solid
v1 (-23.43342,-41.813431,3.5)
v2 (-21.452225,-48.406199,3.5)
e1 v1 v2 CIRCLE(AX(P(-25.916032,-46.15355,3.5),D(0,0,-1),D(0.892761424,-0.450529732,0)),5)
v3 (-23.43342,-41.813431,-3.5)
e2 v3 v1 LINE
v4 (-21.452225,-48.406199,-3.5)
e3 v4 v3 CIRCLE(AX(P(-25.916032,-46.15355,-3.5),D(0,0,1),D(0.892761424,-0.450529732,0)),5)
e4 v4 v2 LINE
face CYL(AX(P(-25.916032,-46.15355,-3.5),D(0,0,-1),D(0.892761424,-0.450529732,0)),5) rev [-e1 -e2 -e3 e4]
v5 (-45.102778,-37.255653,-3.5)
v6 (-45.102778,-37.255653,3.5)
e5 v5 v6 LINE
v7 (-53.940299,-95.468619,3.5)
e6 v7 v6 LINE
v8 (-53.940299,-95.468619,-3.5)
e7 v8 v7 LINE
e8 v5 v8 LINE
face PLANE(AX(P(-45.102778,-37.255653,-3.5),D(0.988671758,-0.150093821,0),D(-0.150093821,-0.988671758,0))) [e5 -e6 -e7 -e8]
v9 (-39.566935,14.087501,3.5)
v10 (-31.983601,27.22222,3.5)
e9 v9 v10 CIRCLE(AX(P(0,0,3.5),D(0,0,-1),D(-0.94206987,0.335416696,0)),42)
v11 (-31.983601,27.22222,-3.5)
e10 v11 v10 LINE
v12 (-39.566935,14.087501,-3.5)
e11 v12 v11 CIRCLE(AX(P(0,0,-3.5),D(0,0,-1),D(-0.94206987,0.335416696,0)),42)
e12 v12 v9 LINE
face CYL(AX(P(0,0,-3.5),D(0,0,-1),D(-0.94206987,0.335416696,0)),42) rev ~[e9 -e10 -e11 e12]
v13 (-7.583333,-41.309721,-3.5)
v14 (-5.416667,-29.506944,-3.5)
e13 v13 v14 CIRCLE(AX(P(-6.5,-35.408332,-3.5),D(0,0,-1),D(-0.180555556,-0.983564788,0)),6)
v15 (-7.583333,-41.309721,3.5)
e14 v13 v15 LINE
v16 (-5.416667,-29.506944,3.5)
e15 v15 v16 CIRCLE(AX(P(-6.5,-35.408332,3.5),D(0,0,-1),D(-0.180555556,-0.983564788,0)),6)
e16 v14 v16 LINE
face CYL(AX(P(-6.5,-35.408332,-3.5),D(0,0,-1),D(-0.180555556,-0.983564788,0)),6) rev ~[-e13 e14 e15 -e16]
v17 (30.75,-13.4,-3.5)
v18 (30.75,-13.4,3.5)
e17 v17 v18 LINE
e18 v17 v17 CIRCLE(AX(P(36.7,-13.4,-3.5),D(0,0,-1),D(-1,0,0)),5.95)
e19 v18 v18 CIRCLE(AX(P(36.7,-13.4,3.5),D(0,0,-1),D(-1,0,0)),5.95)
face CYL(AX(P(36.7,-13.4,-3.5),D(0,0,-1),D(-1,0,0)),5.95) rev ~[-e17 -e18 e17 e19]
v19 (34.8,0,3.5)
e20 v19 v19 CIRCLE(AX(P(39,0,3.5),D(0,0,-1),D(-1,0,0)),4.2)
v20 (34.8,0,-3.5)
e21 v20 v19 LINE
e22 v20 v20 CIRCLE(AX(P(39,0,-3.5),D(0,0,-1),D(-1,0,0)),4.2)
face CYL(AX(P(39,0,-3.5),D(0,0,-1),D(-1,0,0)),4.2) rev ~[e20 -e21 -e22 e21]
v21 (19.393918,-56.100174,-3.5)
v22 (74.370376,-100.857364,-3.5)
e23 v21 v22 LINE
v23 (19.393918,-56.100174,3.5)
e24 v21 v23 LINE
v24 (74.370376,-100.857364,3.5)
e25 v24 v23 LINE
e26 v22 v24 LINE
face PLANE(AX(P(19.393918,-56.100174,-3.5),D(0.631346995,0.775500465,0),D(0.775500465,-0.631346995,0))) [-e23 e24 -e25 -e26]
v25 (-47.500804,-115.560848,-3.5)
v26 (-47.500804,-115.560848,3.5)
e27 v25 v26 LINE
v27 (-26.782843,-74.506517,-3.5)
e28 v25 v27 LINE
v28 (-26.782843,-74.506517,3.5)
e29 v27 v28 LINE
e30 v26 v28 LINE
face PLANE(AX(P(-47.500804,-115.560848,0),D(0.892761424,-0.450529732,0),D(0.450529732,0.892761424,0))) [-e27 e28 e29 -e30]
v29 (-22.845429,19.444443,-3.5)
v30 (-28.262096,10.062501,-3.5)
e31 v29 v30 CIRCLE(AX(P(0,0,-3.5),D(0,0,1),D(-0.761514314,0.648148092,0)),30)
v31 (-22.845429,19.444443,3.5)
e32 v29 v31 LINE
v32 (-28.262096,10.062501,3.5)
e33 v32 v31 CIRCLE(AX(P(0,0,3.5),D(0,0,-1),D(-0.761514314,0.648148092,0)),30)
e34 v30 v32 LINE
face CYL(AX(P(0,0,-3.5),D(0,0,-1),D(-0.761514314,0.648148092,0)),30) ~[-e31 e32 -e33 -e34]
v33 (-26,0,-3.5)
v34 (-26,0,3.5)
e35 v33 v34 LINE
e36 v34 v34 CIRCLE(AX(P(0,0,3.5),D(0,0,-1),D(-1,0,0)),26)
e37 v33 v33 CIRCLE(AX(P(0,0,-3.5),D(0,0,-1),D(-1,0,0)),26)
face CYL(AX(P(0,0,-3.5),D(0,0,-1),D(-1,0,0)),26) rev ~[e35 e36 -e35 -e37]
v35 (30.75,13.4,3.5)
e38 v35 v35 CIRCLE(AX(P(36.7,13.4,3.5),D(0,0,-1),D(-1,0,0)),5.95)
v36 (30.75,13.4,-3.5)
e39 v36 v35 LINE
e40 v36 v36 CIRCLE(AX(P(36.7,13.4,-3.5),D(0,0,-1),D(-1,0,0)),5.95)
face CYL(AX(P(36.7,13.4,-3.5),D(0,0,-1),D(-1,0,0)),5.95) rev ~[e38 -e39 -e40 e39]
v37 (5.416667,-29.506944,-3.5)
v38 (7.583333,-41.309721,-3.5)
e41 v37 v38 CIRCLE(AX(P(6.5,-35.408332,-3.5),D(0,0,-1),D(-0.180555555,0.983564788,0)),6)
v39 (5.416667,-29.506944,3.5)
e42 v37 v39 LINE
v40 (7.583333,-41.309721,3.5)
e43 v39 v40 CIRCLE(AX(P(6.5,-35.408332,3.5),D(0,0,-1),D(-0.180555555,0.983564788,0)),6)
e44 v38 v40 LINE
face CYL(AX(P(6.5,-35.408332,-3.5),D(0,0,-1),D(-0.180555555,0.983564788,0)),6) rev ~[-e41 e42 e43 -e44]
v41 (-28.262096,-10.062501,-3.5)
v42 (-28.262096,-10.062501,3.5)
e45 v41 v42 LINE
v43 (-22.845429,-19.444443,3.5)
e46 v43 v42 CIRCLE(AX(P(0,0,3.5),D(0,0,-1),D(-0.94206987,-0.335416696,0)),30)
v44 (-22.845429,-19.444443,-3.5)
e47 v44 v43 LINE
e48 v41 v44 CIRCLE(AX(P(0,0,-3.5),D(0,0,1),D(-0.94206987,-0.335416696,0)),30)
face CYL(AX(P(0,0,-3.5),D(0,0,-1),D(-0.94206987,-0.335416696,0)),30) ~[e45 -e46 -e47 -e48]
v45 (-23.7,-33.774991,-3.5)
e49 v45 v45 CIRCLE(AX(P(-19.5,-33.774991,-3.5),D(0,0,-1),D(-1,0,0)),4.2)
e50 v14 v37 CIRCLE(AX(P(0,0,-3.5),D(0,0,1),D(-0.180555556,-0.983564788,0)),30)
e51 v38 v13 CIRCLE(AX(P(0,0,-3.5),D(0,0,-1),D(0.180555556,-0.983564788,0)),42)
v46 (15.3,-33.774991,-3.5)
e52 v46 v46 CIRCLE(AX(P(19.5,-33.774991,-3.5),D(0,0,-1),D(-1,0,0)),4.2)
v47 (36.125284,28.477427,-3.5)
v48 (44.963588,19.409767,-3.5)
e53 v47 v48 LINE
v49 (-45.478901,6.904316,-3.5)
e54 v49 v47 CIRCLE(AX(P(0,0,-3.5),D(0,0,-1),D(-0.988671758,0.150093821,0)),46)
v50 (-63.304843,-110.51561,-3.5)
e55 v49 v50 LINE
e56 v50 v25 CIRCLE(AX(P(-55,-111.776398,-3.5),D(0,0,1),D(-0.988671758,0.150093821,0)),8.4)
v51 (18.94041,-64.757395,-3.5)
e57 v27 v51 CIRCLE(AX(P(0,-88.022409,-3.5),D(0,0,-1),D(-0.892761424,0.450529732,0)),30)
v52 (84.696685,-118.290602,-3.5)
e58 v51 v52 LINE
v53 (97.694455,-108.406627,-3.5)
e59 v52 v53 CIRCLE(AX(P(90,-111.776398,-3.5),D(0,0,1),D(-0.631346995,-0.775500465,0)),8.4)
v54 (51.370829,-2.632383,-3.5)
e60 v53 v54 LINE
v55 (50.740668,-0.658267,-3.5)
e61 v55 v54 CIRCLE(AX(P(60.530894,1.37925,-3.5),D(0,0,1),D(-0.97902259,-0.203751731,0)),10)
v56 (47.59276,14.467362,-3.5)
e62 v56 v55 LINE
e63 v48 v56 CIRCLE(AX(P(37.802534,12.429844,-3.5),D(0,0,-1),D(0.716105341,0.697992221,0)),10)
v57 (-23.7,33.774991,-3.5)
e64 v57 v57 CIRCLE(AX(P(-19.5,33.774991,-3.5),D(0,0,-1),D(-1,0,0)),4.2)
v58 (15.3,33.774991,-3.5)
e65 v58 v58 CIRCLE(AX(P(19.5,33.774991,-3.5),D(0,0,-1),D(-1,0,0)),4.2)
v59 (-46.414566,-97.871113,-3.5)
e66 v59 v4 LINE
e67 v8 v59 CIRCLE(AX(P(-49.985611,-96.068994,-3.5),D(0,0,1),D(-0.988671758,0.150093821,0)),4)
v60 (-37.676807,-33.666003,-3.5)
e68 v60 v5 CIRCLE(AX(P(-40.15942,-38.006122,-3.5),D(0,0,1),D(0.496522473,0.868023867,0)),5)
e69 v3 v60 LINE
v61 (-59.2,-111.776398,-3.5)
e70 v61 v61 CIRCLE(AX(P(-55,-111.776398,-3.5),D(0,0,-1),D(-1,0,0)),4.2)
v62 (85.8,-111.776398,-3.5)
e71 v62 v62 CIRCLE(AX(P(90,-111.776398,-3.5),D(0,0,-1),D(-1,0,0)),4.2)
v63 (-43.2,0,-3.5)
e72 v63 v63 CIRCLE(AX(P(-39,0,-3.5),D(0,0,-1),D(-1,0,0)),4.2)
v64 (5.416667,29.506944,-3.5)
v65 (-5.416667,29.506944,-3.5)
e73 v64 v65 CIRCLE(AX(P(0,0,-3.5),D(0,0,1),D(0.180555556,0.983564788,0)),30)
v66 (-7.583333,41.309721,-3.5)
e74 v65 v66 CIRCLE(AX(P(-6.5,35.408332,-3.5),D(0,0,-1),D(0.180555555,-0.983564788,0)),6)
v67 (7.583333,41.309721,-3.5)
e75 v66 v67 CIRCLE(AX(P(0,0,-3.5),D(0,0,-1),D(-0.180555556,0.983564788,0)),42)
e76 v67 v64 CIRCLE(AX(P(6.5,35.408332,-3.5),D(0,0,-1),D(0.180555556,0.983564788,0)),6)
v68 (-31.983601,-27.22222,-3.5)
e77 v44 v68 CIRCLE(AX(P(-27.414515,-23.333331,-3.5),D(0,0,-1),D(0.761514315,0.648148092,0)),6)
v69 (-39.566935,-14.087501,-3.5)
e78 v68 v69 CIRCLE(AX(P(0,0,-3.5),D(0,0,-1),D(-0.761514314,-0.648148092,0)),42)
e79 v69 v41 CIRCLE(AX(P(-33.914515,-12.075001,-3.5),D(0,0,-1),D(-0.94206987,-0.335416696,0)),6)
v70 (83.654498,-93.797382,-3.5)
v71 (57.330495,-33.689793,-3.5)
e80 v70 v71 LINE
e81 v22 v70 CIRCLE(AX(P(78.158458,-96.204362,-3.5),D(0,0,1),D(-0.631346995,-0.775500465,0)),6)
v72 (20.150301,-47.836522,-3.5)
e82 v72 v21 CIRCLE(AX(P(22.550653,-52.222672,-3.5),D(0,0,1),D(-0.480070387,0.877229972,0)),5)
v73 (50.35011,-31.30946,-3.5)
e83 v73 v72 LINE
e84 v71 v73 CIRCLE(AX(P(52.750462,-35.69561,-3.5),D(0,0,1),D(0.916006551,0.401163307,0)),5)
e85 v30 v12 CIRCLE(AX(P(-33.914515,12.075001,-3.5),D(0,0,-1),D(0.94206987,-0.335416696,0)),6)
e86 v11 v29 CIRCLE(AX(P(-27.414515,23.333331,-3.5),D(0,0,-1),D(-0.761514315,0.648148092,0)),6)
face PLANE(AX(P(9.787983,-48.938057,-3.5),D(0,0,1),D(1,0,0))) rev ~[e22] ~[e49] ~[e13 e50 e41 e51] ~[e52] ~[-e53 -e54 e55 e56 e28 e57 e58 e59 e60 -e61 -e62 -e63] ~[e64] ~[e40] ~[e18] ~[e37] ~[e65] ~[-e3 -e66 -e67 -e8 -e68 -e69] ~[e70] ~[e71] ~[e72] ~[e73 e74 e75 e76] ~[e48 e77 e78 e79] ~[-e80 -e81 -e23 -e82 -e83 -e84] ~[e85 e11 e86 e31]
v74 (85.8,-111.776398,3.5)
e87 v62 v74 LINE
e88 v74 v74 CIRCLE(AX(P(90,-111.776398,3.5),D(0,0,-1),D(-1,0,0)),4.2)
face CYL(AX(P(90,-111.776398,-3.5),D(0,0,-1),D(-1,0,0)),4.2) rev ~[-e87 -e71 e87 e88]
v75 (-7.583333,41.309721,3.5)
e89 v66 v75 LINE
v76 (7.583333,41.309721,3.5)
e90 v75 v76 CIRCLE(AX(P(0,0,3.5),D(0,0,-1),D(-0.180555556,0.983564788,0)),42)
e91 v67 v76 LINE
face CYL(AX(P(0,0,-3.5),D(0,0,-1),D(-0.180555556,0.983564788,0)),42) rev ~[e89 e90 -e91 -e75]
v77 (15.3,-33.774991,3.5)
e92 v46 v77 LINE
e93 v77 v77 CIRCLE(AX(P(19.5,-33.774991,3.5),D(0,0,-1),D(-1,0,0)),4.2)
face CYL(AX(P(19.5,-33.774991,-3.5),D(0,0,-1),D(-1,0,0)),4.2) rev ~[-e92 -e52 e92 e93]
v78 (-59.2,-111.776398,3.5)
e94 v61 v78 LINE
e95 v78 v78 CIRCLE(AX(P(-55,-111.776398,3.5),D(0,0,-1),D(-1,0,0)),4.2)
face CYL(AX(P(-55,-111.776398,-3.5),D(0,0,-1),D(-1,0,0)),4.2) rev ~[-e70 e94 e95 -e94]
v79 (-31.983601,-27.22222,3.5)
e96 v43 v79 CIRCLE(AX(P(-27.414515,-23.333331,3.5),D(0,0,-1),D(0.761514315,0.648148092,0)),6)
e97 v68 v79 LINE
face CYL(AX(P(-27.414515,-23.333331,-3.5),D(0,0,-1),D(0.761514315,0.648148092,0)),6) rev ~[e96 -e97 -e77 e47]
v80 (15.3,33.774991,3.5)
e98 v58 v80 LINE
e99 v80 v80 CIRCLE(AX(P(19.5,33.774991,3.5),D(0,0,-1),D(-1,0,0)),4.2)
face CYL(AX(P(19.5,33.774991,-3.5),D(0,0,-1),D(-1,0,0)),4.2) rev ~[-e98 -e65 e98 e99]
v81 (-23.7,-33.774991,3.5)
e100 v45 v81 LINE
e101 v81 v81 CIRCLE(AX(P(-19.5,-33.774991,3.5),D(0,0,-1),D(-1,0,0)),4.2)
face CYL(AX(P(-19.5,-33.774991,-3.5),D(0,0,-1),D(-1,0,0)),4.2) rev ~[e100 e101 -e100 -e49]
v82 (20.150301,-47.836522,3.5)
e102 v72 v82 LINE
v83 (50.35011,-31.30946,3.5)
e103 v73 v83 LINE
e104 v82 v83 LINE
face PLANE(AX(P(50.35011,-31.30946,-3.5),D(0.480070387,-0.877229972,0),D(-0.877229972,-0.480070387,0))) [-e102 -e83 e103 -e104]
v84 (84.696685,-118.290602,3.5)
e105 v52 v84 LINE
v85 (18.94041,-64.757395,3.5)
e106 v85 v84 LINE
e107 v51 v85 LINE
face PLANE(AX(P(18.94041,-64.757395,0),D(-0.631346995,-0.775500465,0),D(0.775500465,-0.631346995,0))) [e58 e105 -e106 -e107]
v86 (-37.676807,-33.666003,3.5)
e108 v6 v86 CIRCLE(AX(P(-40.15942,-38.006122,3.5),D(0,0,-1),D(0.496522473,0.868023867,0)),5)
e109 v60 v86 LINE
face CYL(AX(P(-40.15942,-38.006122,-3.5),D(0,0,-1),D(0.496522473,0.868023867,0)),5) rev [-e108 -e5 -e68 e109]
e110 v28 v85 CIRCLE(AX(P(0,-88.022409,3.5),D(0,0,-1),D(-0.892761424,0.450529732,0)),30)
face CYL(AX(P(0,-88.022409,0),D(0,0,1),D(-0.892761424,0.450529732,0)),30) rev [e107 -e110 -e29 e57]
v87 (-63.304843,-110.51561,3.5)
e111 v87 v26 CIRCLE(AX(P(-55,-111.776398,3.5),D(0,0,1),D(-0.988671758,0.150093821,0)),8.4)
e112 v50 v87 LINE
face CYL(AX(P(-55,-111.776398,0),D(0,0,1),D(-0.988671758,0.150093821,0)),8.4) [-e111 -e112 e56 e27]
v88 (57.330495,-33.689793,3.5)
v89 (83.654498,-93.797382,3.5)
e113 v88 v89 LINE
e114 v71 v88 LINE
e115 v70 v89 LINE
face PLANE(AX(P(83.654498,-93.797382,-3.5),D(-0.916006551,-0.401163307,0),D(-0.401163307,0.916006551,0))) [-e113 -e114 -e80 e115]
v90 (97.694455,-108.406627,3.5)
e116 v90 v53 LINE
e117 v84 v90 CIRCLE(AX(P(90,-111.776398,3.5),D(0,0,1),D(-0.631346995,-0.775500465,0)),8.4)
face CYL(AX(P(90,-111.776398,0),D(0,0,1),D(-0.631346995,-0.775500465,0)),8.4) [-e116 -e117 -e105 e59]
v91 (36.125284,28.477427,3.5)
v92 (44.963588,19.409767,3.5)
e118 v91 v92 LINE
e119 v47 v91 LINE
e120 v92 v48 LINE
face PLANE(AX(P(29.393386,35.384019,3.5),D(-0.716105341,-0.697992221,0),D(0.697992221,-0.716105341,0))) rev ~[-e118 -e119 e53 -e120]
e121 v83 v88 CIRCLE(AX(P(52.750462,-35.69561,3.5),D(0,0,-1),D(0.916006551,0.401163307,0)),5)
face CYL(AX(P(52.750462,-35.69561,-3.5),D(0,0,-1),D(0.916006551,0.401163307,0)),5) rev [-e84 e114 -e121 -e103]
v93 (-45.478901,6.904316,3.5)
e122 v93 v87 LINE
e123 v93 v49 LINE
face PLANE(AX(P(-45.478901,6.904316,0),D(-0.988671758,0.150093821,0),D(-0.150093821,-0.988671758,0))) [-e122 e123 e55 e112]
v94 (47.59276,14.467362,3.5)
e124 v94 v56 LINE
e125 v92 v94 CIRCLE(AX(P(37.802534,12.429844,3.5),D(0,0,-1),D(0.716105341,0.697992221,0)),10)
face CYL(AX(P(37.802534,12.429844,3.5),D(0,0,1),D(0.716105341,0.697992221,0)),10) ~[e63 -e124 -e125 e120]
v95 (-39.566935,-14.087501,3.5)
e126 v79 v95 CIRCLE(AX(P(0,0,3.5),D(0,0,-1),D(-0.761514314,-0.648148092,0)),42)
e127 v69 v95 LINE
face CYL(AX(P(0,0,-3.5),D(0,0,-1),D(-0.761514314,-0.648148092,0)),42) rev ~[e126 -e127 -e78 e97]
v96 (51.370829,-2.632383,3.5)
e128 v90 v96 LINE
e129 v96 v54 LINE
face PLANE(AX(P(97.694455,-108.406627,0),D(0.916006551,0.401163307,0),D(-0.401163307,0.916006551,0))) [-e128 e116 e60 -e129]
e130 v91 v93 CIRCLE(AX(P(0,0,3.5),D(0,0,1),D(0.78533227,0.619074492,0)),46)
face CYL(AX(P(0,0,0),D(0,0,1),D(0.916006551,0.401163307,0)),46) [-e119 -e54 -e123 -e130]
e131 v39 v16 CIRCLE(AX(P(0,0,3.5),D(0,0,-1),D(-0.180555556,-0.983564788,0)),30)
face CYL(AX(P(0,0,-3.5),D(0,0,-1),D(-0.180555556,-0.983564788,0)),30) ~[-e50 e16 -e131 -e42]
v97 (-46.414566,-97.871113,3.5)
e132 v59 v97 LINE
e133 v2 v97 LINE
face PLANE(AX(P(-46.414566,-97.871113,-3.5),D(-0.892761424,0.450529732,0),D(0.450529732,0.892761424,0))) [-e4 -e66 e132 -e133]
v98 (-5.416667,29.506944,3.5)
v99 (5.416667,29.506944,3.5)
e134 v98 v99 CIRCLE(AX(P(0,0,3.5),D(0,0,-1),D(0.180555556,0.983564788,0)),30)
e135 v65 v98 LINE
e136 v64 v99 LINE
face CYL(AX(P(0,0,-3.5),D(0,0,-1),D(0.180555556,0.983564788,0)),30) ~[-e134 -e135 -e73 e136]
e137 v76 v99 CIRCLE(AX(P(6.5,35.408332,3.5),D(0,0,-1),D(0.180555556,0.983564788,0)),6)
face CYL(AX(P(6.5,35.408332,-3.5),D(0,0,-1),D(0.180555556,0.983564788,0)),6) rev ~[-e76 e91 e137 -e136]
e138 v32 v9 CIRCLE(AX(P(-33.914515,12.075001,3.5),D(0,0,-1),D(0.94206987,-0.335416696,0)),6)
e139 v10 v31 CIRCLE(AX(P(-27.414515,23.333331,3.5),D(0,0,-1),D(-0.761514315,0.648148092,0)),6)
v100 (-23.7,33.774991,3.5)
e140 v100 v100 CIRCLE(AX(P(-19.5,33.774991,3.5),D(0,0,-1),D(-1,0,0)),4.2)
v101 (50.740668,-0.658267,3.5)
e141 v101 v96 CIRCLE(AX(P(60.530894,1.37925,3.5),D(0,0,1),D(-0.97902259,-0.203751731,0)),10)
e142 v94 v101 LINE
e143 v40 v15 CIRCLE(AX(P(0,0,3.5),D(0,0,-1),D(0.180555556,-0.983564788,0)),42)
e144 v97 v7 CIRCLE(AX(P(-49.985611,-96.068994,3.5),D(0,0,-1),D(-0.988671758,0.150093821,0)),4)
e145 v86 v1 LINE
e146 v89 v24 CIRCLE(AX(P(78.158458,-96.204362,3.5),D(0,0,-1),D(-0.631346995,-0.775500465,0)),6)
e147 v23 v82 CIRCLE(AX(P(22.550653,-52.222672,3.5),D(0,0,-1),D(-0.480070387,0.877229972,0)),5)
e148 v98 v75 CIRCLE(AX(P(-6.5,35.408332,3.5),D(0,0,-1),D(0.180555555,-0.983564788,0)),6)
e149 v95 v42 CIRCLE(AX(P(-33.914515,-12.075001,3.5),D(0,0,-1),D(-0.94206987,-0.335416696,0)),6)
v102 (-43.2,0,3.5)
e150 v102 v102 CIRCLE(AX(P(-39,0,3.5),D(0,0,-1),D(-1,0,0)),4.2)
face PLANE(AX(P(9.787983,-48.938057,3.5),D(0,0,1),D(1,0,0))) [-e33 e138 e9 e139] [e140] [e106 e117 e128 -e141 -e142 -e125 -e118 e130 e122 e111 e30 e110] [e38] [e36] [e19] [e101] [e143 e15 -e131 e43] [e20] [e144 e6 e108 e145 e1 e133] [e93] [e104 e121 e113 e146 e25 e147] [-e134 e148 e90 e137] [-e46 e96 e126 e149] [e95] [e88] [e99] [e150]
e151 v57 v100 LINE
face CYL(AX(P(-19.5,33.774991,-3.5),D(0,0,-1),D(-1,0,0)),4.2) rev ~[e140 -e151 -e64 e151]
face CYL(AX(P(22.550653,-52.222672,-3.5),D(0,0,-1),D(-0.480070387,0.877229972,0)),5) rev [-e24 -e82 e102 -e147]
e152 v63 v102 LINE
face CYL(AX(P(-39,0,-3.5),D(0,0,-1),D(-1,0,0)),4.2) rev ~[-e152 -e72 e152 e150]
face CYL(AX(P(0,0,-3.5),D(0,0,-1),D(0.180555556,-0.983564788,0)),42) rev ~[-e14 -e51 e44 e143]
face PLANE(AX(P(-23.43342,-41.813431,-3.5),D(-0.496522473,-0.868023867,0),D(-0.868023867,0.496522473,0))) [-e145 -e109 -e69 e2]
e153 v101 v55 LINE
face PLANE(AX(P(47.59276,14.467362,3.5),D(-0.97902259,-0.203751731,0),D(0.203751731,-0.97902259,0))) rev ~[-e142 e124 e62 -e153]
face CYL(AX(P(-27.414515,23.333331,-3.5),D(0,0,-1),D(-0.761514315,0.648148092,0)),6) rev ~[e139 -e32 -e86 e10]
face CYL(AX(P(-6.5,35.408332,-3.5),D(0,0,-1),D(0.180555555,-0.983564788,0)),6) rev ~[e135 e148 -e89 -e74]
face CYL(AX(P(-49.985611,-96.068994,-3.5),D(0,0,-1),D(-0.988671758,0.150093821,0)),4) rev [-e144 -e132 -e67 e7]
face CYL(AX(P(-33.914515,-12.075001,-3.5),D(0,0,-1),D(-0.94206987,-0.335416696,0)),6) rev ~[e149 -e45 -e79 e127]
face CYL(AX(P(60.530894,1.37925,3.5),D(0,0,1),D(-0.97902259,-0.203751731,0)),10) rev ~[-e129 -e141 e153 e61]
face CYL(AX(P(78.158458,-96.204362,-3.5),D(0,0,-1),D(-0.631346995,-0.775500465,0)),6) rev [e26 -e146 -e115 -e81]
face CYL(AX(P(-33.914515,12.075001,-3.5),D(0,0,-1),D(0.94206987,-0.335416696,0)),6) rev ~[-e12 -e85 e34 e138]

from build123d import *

# Parameters (mm, degrees)
BOSS_EXTRUDE1_DEPTH = 3.5
BOSS_EXTRUDE4_DEPTH = 7
SKETCH3_R           = 26
SKETCH3_R_2         = 4.2
SKETCH3_R_3         = 5.95
CUT_EXTRUDE1_DEPTH  = 156.479666598
CUT_EXTRUDE3_DEPTH  = 156.479666598
CUT_EXTRUDE5_DEPTH  = 156.479666598
CUT_EXTRUDE6_DEPTH  = 156.479666598
CIRPATTERN1_COUNT   = 6


with BuildPart() as part:
    # Sketch2 → Boss-Extrude1 (new, symmetric)
    with BuildSketch(Plane.XY):
        with BuildLine():
            Line((-45.478900867, 6.904315749), (-63.304842767, -110.515610278))
            ThreePointArc((-63.304842767, -110.515610278), (-57.554578813, -119.77853103), (-47.500804036, -115.560848118))
            Line((-47.500804036, -115.560848118), (-26.78284273, -74.506517319))
            ThreePointArc((-26.78284273, -74.506517319), (-6.255979799, -58.681947165), (18.940409864, -64.757395322))
            Line((18.940409864, -64.757395322), (84.696685238, -118.290602278))
            ThreePointArc((84.696685238, -118.290602278), (95.084548335, -118.462755244), (97.694455028, -108.406626595))
            Line((97.694455028, -108.406626595), (42.136301343, 18.453512109))
            ThreePointArc((42.136301343, 18.453512109), (-6.011591057, 45.605490601), (-45.478900867, 6.904315749))
        make_face()
    extrude(amount=BOSS_EXTRUDE1_DEPTH, both=True)

    # Sketch4 → Boss-Extrude4 (add, through all)
    with BuildSketch(Plane.XY.offset(3.5)):
        with BuildLine():
            Line((29.393386496, 35.38401942), (44.963587603, 19.409766638))
            ThreePointArc((44.963587603, 19.409766638), (46.631084985, 17.126299569), (47.592760093, 14.467361743))
            Line((47.592760093, 14.467361743), (50.74066814, -0.658267229))
            ThreePointArc((50.74066814, -0.658267229), (51.004474494, -1.661692304), (51.370828532, -2.632382983))
            Line((51.370828532, -2.632382983), (97.694455028, -108.406626595))
            ThreePointArc((97.694455028, -108.406626595), (95.084548335, -118.462755244), (84.696685238, -118.290602278))
            Line((84.696685238, -118.290602278), (18.940409864, -64.757395322))
            ThreePointArc((18.940409864, -64.757395322), (-6.255979799, -58.681947165), (-26.78284273, -74.506517319))
            Line((-26.78284273, -74.506517319), (-47.500804036, -115.560848118))
            ThreePointArc((-47.500804036, -115.560848118), (-57.554578813, -119.77853103), (-63.304842767, -110.515610278))
            Line((-63.304842767, -110.515610278), (-45.478900867, 6.904315749))
            ThreePointArc((-45.478900867, 6.904315749), (-16.354183668, 42.994658698), (29.393386496, 35.38401942))
        make_face()
    extrude(amount=-BOSS_EXTRUDE4_DEPTH)

    # Sketch3 → Cut-Extrude1 (cut, through all)
    with BuildSketch(Plane(origin=(0, 0, -3.5), x_dir=(-1, 0, 0), z_dir=(0, 0, -1))):
        Circle(SKETCH3_R)
        with Locations((19.5, 33.774990748)):
            Circle(SKETCH3_R_2)
        with Locations((-19.5, 33.774990748)):
            Circle(SKETCH3_R_2)
        with Locations((-36.7, 13.4)):
            Circle(SKETCH3_R_3)
        with Locations((-39, 0)):
            Circle(SKETCH3_R_2)
        with Locations((-36.7, -13.4)):
            Circle(SKETCH3_R_3)
        with Locations((-19.5, -33.774990748)):
            Circle(SKETCH3_R_2)
        with Locations((19.5, -33.774990748)):
            Circle(SKETCH3_R_2)
        with Locations((39, 0)):
            Circle(SKETCH3_R_2)
        with Locations((-90, -111.776398371)):
            Circle(SKETCH3_R_2)
        with Locations((55, -111.776398371)):
            Circle(SKETCH3_R_2)
    extrude(amount=-CUT_EXTRUDE1_DEPTH, mode=Mode.SUBTRACT)

    # Sketch5 → Cut-Extrude3 (cut, through all)
    with BuildSketch(Plane(origin=(0, 0, -3.5), x_dir=(-1, 0, 0), z_dir=(0, 0, -1))):
        with BuildLine():
            Line((-50.350110091, -31.309459743), (-20.150300754, -47.836521791))
            ThreePointArc((-20.150300754, -47.836521791), (-17.571466955, -51.766920177), (-19.393917714, -56.100173974))
            Line((-19.393917714, -56.100173974), (-74.370376325, -100.857364368))
            ThreePointArc((-74.370376325, -100.857364368), (-81.790278537, -100.980330772), (-83.654497603, -93.797381737))
            Line((-83.654497603, -93.797381737), (-57.330494783, -33.689793067))
            ThreePointArc((-57.330494783, -33.689793067), (-54.364230538, -30.963194657), (-50.350110091, -31.309459743))
        make_face()
    extrude(amount=-CUT_EXTRUDE3_DEPTH, mode=Mode.SUBTRACT)

    # Sketch7 → Cut-Extrude5 (cut, through all)
    with BuildSketch(Plane(origin=(0, 0, -3.5), x_dir=(-1, 0, 0), z_dir=(0, 0, -1))):
        with BuildLine():
            Line((23.433420065, -41.81343059), (37.676807322, -33.666002693))
            ThreePointArc((37.676807322, -33.666002693), (42.335474705, -33.504479598), (45.102778478, -37.255652924))
            Line((45.102778478, -37.255652924), (53.940298501, -95.468618789))
            ThreePointArc((53.940298501, -95.468618789), (51.202077571, -99.879533433), (46.414565772, -97.871112999))
            Line((46.414565772, -97.871112999), (21.45222531, -48.406198584))
            ThreePointArc((21.45222531, -48.406198584), (21.12757408, -44.71456882), (23.433420065, -41.81343059))
        make_face()
    extrude(amount=-CUT_EXTRUDE5_DEPTH, mode=Mode.SUBTRACT)

    # Sketch8 → Cut-Extrude6 (cut, through all)
    with BuildSketch(Plane(origin=(0, 0, -3.5), x_dir=(-1, 0, 0), z_dir=(0, 0, -1))):
        with BuildLine():
            ThreePointArc((7.583333333, 41.309721078), (0, 42), (-7.583333333, 41.309721078))
            ThreePointArc((-7.583333333, 41.309721078), (-12.401388725, 34.324999019), (-5.416666667, 29.506943627))
            ThreePointArc((-5.416666667, 29.506943627), (0, 30), (5.416666667, 29.506943627))
            ThreePointArc((5.416666667, 29.506943627), (12.401388725, 34.324999019), (7.583333333, 41.309721078))
        make_face()
    cut_extrude6 = extrude(amount=-CUT_EXTRUDE6_DEPTH, mode=Mode.SUBTRACT)

    # CirPattern1: Cut-Extrude6 ×6 about axis, 2 skipped
    cirpattern1_axis = Axis((0, 0, 37.050489462), (0, 0, -1))
    add([cut_extrude6.rotate(cirpattern1_axis, i * 360 / CIRPATTERN1_COUNT) for i in range(1, CIRPATTERN1_COUNT) if i not in (1, 2)], mode=Mode.SUBTRACT)


solid = part.part
